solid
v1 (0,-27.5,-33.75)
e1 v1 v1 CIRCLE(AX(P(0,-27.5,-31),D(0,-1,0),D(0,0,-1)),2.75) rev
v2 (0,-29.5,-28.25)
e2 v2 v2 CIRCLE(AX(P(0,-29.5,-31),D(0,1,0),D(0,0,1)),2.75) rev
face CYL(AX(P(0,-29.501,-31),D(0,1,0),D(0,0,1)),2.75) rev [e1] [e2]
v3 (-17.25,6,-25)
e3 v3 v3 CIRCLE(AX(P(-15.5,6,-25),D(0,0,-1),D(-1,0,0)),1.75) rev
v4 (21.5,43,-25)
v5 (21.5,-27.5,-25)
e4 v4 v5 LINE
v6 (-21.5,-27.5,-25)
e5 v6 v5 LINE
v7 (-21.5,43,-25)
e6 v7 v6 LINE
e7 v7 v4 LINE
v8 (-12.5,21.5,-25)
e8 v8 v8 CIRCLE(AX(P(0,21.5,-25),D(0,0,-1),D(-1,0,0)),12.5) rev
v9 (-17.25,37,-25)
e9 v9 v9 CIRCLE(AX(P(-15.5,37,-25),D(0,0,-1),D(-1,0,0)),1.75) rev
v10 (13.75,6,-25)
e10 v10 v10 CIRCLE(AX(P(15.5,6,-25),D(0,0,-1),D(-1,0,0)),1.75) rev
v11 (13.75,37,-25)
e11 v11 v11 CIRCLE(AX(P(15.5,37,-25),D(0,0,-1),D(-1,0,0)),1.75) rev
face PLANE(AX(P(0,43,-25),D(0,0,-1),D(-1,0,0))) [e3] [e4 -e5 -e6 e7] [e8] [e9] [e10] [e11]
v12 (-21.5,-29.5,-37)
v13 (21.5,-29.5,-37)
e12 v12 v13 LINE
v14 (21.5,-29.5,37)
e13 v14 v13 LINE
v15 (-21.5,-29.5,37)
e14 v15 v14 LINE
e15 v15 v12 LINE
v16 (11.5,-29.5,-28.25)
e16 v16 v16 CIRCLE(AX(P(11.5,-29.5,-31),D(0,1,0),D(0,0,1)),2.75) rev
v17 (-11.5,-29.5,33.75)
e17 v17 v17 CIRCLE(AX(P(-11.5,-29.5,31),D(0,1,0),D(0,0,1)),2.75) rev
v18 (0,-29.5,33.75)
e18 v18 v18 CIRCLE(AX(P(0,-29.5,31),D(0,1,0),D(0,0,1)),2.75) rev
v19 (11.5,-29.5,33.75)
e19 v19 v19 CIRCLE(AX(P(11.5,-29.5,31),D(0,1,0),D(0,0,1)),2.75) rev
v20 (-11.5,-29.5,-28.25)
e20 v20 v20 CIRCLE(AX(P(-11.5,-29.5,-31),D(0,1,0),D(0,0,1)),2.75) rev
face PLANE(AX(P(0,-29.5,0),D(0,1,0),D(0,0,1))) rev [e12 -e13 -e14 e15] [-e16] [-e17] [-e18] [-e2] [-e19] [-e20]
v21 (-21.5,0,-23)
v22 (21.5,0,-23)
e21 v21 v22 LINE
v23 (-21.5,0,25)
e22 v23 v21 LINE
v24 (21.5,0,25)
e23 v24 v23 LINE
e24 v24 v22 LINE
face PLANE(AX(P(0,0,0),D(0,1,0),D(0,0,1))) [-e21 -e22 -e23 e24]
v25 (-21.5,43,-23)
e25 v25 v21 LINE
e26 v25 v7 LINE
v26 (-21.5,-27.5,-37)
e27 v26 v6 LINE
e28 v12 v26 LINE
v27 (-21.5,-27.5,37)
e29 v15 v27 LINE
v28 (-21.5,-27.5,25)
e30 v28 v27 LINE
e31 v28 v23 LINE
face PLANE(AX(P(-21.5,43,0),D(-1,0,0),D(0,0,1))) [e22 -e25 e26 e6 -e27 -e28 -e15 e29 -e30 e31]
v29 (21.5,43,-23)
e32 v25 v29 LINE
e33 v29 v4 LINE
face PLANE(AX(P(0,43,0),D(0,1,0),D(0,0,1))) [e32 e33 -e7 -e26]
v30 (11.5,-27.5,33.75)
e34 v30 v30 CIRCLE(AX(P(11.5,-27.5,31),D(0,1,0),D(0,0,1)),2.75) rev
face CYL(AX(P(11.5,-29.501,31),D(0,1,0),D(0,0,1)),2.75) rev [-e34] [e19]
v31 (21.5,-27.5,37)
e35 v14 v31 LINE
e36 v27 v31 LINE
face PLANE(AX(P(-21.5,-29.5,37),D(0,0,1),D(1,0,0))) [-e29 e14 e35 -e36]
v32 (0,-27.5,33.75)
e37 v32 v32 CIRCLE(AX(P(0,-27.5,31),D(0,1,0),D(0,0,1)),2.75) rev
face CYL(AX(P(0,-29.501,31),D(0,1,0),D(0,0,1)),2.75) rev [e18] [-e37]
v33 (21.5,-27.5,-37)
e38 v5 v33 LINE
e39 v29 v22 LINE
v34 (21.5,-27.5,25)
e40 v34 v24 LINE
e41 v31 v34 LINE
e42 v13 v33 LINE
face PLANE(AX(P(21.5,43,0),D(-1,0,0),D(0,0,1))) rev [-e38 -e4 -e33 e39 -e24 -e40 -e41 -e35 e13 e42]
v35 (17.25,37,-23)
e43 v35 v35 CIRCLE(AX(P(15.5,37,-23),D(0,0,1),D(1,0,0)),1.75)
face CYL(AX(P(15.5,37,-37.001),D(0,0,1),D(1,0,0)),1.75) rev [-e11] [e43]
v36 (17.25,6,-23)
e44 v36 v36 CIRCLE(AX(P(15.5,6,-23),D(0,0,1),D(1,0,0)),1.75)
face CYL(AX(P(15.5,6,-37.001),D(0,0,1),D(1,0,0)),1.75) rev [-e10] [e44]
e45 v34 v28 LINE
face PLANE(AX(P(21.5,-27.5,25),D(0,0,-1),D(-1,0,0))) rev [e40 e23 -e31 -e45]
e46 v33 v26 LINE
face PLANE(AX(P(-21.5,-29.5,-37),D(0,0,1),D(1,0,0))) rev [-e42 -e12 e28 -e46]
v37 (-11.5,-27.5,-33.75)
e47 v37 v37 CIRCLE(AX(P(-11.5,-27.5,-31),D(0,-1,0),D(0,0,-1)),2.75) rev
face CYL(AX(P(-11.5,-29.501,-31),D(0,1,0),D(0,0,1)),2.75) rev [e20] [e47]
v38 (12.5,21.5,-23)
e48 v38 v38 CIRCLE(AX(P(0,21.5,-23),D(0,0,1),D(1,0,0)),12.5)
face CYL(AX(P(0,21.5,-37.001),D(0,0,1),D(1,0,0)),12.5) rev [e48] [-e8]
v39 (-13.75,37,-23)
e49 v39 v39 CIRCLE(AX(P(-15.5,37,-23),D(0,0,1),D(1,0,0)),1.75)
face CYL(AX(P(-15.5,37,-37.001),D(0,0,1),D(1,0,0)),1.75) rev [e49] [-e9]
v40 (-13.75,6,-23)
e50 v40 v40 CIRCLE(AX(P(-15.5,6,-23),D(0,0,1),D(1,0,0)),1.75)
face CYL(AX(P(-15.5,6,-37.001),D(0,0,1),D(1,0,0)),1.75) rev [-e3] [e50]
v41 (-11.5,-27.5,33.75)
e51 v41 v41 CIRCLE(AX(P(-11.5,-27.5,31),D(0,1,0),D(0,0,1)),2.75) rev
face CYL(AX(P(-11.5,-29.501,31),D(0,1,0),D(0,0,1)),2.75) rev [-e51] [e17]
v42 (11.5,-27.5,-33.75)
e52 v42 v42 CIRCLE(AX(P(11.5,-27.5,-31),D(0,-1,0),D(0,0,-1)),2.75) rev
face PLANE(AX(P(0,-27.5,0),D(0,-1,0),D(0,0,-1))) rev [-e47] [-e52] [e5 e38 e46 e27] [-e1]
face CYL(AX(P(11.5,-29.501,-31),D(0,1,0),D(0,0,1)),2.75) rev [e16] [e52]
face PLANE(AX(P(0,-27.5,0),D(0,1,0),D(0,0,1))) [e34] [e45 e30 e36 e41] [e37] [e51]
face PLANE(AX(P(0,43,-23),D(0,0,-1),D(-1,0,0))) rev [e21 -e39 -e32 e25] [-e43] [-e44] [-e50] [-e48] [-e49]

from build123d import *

# Parameters (mm, degrees)
SKETCH1_W           = 43
SKETCH1_H           = 2
BOSS_EXTRUDE1_DEPTH = 43
SKETCH1_3_W         = 43
SKETCH1_3_H         = 74
BOSS_EXTRUDE2_DEPTH = 29.5
CUT_EXTRUDE1_REACH  = 78.885
SKETCH2_R           = 12.5
SKETCH2_R_2         = 1.75
CUT_EXTRUDE2_REACH  = 62.665
SKETCH1_4_R         = 2.75
LPATTERN1_COUNT     = 2
LPATTERN1_PITCH     = 11.5
LPATTERN1_COL_COUNT = 2
LPATTERN1_COL_PITCH = 11.5
SKETCH3_W           = 43
SKETCH3_H           = 12
CUT_EXTRUDE3_DEPTH  = 27.5


with BuildPart() as part:
    # Sketch1 → Boss-Extrude1 (new body)
    with BuildSketch(Plane(origin=(0, 0, 0), x_dir=(1, 0, 0), z_dir=(0, 1, 0))):
        with Locations((0, 24)):
            Rectangle(SKETCH1_W, SKETCH1_H)
    extrude(amount=BOSS_EXTRUDE1_DEPTH)

    # Sketch1<3> → Boss-Extrude2 (add)
    with BuildSketch(Plane(origin=(0, 0, 0), x_dir=(1, 0, 0), z_dir=(0, 1, 0))):
        Rectangle(SKETCH1_3_W, SKETCH1_3_H)
    extrude(amount=-BOSS_EXTRUDE2_DEPTH)

    # Sketch2 → Cut-Extrude1 (cut, up to next)
    with BuildSketch(Plane.XY.offset(-23), mode=Mode.PRIVATE) as cut_extrude1_sk1:
        with Locations((0, 21.5)):
            Circle(SKETCH2_R)
    cut_extrude1_tool1 = extrude(cut_extrude1_sk1.sketch, amount=-CUT_EXTRUDE1_REACH, mode=Mode.PRIVATE) & part.part
    # Sketch2 → Cut-Extrude1 (cut, up to next)
    with BuildSketch(Plane.XY.offset(-23), mode=Mode.PRIVATE) as cut_extrude1_sk2:
        with Locations((-15.5, 37)):
            Circle(SKETCH2_R_2)
    cut_extrude1_tool2 = extrude(cut_extrude1_sk2.sketch, amount=-CUT_EXTRUDE1_REACH, mode=Mode.PRIVATE) & part.part
    # Sketch2 → Cut-Extrude1 (cut, up to next)
    with BuildSketch(Plane.XY.offset(-23), mode=Mode.PRIVATE) as cut_extrude1_sk3:
        with Locations((15.5, 37)):
            Circle(SKETCH2_R_2)
    cut_extrude1_tool3 = extrude(cut_extrude1_sk3.sketch, amount=-CUT_EXTRUDE1_REACH, mode=Mode.PRIVATE) & part.part
    # Sketch2 → Cut-Extrude1 (cut, up to next)
    with BuildSketch(Plane.XY.offset(-23), mode=Mode.PRIVATE) as cut_extrude1_sk4:
        with Locations((15.5, 6)):
            Circle(SKETCH2_R_2)
    cut_extrude1_tool4 = extrude(cut_extrude1_sk4.sketch, amount=-CUT_EXTRUDE1_REACH, mode=Mode.PRIVATE) & part.part
    # Sketch2 → Cut-Extrude1 (cut, up to next)
    with BuildSketch(Plane.XY.offset(-23), mode=Mode.PRIVATE) as cut_extrude1_sk5:
        with Locations((-15.5, 6)):
            Circle(SKETCH2_R_2)
    cut_extrude1_tool5 = extrude(cut_extrude1_sk5.sketch, amount=-CUT_EXTRUDE1_REACH, mode=Mode.PRIVATE) & part.part
    add(cut_extrude1_tool1.solids().sort_by_distance((0, 21.5, -23))[0], mode=Mode.SUBTRACT)
    add(cut_extrude1_tool2.solids().sort_by_distance((-15.5, 37, -23))[0], mode=Mode.SUBTRACT)
    add(cut_extrude1_tool3.solids().sort_by_distance((15.5, 37, -23))[0], mode=Mode.SUBTRACT)
    add(cut_extrude1_tool4.solids().sort_by_distance((15.5, 6, -23))[0], mode=Mode.SUBTRACT)
    add(cut_extrude1_tool5.solids().sort_by_distance((-15.5, 6, -23))[0], mode=Mode.SUBTRACT)

    # Sketch1<4> → Cut-Extrude2 (cut, up to next)
    with BuildSketch(Plane(origin=(0, 0, 0), x_dir=(1, 0, 0), z_dir=(0, 1, 0)), mode=Mode.PRIVATE) as cut_extrude2_sk1:
        with Locations((0, 31)):
            Circle(SKETCH1_4_R)
    cut_extrude2_tool1 = extrude(cut_extrude2_sk1.sketch, amount=-CUT_EXTRUDE2_REACH, mode=Mode.PRIVATE) & part.part
    # Sketch1<4> → Cut-Extrude2 (cut, up to next)
    with BuildSketch(Plane(origin=(0, 0, 0), x_dir=(1, 0, 0), z_dir=(0, 1, 0)), mode=Mode.PRIVATE) as cut_extrude2_sk2:
        with Locations((0, -31)):
            Circle(SKETCH1_4_R)
    cut_extrude2_tool2 = extrude(cut_extrude2_sk2.sketch, amount=-CUT_EXTRUDE2_REACH, mode=Mode.PRIVATE) & part.part
    cut_extrude2_1 = cut_extrude2_tool1.solids().sort_by_distance((0, 0, -31))[0]
    add(cut_extrude2_1, mode=Mode.SUBTRACT)
    cut_extrude2_2 = cut_extrude2_tool2.solids().sort_by_distance((0, 0, 31))[0]
    add(cut_extrude2_2, mode=Mode.SUBTRACT)
    cut_extrude2 = cut_extrude2_1 + cut_extrude2_2  # Cut-Extrude2 as one shape, for the pattern or mirror that repeats it

    # LPattern1: Cut-Extrude2 ×2
    with Locations(*[(i * LPATTERN1_PITCH, 0, 0) for i in range(1, LPATTERN1_COUNT)]):
        add(cut_extrude2, mode=Mode.SUBTRACT)

    # LPattern1 col: Cut-Extrude2 ×2
    with Locations(*[(-i * LPATTERN1_COL_PITCH, 0, 0) for i in range(1, LPATTERN1_COL_COUNT)]):
        add(cut_extrude2, mode=Mode.SUBTRACT)

    # Sketch3 → Cut-Extrude3 (cut)
    with BuildSketch(Plane(origin=(0, 0, 0), x_dir=(1, 0, 0), z_dir=(0, 1, 0))):
        with Locations((0, -31)):
            Rectangle(SKETCH3_W, SKETCH3_H)
        with Locations((0, 31)):
            Rectangle(SKETCH3_W, SKETCH3_H)
    extrude(amount=-CUT_EXTRUDE3_DEPTH, mode=Mode.SUBTRACT)


solid = part.part
